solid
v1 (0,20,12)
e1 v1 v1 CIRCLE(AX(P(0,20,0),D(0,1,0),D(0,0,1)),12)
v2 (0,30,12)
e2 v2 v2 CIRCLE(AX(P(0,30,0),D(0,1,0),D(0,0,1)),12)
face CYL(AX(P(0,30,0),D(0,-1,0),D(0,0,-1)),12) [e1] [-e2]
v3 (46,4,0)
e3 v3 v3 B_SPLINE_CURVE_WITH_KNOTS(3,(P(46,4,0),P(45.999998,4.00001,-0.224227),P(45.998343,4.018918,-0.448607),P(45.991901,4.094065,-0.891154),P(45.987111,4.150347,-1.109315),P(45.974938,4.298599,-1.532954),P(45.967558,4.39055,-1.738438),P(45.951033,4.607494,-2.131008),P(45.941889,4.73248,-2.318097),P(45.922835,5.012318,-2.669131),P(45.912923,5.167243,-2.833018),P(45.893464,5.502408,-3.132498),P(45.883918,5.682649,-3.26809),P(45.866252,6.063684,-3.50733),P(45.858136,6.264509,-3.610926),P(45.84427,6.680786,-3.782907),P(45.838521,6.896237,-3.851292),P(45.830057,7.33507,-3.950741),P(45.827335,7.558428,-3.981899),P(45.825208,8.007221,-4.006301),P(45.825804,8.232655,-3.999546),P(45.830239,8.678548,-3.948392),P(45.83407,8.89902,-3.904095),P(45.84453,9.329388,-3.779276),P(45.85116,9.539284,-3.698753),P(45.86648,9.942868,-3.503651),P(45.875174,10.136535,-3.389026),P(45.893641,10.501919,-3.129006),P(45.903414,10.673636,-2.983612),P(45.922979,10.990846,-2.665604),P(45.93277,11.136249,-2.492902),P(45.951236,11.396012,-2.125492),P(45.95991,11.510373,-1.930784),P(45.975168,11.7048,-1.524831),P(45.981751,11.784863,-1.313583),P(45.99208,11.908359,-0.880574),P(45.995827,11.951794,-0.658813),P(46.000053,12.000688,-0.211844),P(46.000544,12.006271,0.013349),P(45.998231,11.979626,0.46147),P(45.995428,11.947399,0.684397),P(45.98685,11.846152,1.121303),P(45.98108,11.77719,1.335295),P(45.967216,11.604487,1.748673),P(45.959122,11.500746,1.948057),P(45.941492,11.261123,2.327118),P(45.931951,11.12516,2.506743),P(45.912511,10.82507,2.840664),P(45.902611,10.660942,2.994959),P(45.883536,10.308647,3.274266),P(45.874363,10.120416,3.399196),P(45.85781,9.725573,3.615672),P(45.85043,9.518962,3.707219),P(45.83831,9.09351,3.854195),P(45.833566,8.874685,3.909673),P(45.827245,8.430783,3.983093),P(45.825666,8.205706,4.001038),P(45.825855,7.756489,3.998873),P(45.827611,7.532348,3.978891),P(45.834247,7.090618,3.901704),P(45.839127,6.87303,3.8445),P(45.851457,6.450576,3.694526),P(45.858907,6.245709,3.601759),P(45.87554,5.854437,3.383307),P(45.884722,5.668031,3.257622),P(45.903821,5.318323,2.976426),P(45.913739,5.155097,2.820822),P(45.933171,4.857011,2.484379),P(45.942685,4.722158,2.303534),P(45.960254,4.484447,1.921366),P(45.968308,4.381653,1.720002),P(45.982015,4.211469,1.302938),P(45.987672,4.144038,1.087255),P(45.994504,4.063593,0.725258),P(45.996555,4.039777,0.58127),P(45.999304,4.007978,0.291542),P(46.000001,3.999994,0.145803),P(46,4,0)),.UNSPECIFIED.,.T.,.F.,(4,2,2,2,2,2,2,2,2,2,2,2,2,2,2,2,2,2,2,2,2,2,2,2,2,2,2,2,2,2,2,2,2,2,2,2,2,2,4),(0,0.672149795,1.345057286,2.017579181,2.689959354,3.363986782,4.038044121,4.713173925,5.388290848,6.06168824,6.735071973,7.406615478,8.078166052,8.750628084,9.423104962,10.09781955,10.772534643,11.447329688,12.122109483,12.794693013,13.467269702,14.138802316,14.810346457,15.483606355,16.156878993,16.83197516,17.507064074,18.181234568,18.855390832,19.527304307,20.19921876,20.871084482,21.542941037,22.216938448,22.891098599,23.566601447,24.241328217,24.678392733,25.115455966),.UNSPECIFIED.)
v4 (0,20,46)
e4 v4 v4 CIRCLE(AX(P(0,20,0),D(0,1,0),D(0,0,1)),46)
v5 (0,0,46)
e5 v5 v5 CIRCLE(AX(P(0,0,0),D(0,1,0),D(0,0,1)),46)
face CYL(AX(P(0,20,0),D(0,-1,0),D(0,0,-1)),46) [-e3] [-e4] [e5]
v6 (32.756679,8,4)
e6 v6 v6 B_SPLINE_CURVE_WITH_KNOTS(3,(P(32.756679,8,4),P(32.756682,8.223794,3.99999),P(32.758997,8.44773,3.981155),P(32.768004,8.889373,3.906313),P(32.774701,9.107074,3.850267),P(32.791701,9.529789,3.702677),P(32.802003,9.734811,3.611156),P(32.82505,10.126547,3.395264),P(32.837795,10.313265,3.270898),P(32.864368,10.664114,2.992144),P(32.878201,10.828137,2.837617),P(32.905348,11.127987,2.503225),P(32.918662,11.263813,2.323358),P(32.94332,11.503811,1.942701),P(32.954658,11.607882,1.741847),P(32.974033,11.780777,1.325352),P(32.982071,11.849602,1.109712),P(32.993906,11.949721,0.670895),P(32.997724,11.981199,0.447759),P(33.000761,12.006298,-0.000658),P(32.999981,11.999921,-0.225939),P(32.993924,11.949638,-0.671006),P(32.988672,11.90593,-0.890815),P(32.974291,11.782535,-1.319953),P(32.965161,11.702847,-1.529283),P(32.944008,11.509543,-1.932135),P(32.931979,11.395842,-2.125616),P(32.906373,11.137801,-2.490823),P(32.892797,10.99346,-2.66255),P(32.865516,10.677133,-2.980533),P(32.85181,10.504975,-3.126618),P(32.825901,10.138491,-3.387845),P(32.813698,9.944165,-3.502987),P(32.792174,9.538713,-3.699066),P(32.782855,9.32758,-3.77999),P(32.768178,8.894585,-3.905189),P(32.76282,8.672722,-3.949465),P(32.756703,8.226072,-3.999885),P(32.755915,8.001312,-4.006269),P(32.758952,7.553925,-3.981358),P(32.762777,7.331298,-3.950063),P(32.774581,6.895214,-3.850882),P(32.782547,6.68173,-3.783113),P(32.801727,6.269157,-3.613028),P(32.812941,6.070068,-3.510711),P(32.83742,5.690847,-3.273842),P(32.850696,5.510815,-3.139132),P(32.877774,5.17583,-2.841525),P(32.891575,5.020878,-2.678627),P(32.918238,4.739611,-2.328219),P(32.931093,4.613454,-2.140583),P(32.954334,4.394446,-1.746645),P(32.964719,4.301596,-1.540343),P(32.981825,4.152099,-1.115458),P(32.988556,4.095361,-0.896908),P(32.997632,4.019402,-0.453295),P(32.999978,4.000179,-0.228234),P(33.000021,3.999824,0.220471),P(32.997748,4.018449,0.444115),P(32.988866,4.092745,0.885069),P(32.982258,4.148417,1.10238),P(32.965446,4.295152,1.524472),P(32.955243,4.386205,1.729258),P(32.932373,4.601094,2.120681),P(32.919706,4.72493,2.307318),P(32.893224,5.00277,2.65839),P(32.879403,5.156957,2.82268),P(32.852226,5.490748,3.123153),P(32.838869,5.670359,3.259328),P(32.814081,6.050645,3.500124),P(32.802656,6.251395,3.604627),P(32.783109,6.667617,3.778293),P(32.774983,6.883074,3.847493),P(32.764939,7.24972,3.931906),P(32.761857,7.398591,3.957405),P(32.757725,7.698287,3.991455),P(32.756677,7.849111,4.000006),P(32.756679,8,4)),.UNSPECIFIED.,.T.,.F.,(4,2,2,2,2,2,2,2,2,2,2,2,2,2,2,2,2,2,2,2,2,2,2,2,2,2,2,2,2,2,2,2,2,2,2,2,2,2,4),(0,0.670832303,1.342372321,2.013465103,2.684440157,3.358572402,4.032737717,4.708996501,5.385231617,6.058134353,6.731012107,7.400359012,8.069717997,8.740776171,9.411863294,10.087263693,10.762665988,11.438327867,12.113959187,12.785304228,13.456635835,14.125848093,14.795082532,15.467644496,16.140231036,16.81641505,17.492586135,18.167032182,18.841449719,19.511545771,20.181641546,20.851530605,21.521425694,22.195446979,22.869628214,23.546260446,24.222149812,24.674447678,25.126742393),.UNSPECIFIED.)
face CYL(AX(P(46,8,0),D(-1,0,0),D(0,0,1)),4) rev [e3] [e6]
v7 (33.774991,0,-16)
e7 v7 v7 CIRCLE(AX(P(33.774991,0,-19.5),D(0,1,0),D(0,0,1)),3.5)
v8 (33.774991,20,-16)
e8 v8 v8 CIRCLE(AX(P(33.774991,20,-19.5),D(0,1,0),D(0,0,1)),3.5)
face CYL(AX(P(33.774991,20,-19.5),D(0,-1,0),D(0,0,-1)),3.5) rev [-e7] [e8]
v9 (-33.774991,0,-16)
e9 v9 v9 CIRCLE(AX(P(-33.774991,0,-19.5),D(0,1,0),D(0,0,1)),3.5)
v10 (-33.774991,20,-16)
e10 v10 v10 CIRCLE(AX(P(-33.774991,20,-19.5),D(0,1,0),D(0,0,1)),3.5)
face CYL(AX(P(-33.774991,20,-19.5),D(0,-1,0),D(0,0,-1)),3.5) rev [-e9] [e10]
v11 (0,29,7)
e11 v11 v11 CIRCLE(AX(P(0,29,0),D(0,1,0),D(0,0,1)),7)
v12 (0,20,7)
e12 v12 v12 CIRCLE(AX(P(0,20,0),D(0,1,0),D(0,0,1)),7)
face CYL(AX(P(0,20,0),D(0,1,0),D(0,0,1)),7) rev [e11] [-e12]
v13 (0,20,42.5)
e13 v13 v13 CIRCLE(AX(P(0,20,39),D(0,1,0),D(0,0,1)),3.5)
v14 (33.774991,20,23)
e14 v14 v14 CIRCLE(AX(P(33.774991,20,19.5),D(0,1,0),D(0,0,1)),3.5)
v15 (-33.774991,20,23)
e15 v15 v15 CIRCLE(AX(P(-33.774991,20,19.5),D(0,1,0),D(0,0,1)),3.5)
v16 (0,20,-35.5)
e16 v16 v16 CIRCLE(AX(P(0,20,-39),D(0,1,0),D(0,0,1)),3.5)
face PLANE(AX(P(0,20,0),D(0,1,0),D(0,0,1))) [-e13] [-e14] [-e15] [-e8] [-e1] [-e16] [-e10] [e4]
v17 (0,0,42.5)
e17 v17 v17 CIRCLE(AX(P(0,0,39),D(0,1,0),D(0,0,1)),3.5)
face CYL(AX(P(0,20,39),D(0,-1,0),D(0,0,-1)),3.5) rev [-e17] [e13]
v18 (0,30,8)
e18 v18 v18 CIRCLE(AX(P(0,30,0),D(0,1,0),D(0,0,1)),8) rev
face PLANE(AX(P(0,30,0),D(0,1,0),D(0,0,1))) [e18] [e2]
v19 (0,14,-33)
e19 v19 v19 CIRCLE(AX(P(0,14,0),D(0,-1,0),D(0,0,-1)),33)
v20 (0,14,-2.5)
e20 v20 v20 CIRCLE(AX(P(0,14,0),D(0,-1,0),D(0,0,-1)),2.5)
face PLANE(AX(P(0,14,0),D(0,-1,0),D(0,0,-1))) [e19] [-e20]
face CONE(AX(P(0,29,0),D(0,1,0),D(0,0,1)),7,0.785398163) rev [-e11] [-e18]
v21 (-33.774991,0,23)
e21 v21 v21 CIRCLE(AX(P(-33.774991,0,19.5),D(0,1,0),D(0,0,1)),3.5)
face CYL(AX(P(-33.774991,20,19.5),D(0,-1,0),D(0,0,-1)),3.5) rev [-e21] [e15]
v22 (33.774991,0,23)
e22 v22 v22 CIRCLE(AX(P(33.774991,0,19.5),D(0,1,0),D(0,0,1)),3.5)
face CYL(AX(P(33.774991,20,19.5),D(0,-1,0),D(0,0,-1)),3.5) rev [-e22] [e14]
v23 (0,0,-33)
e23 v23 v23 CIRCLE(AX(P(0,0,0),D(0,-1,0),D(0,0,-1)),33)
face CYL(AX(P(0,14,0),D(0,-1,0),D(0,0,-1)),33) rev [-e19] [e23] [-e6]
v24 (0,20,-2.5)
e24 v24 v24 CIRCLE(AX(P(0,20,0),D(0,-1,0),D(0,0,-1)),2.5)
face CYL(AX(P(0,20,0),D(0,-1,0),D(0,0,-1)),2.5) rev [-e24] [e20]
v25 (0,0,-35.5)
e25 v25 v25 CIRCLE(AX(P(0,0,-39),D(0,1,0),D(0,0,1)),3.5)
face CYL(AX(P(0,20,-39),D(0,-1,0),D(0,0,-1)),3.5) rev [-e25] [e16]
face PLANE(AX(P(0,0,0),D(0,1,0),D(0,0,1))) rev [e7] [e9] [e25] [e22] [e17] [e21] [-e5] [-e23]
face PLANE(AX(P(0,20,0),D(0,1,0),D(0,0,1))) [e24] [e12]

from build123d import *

# Parameters (mm, degrees)
SKETCH1_R           = 46
SKETCH1_R_2         = 3.5
BOSS_EXTRUDE1_DEPTH = 20
SKETCH2_R           = 12
BOSS_EXTRUDE2_DEPTH = 10
SKETCH3_R           = 33
CUT_EXTRUDE1_DEPTH  = 14
SKETCH4_R           = 2.5
CUT_EXTRUDE2_DEPTH  = 6
SKETCH5_R           = 7
CUT_EXTRUDE3_DEPTH  = 10
CHAMFER2_SIZE       = 1
SKETCH6_R           = 4
CUT_EXTRUDE4_DEPTH  = 72.637978754


with BuildPart() as part:
    # Sketch1 → Boss-Extrude1 (new body)
    with BuildSketch(Plane(origin=(0, 0, 0), x_dir=(1, 0, 0), z_dir=(0, 1, 0))):
        with Locations(Location((0, 0, 0), (0, 0, 270))):
            Circle(SKETCH1_R)
        with Locations(Location((0, 39, 0), (0, 0, 270))):
            Circle(SKETCH1_R_2, mode=Mode.SUBTRACT)
        with Locations(Location((33.774990748, 19.5, 0), (0, 0, 270))):
            Circle(SKETCH1_R_2, mode=Mode.SUBTRACT)
        with Locations(Location((33.774990748, -19.5, 0), (0, 0, 270))):
            Circle(SKETCH1_R_2, mode=Mode.SUBTRACT)
        with Locations(Location((0, -39, 0), (0, 0, 270))):
            Circle(SKETCH1_R_2, mode=Mode.SUBTRACT)
        with Locations(Location((-33.774990748, -19.5, 0), (0, 0, 270))):
            Circle(SKETCH1_R_2, mode=Mode.SUBTRACT)
        with Locations(Location((-33.774990748, 19.5, 0), (0, 0, 270))):
            Circle(SKETCH1_R_2, mode=Mode.SUBTRACT)
    extrude(amount=BOSS_EXTRUDE1_DEPTH)

    # Sketch2 → Boss-Extrude2 (add)
    with BuildSketch(Plane(origin=(0, 20, 0), x_dir=(1, 0, 0), z_dir=(0, 1, 0))):
        with Locations(Location((0, 0, 0), (0, 0, 270))):
            Circle(SKETCH2_R)
    extrude(amount=BOSS_EXTRUDE2_DEPTH)

    # Sketch3 → Cut-Extrude1 (cut)
    with BuildSketch(Plane.XZ):
        with Locations(Location((0, 0, 0), (0, 0, 270))):
            Circle(SKETCH3_R)
    extrude(amount=-CUT_EXTRUDE1_DEPTH, mode=Mode.SUBTRACT)

    # Sketch4 → Cut-Extrude2 (cut)
    with BuildSketch(Plane.XZ.offset(-14)):
        with Locations(Location((0, 0, 0), (0, 0, 270))):
            Circle(SKETCH4_R)
    extrude(amount=-CUT_EXTRUDE2_DEPTH, mode=Mode.SUBTRACT)

    # Sketch5 → Cut-Extrude3 (cut)
    with BuildSketch(Plane(origin=(0, 30, 0), x_dir=(1, 0, 0), z_dir=(0, 1, 0))):
        with Locations(Location((0, 0, 0), (0, 0, 270))):
            Circle(SKETCH5_R)
    extrude(amount=-CUT_EXTRUDE3_DEPTH, mode=Mode.SUBTRACT)

    # Chamfer2
    chamfer2_edges = [part.edges().sort_by_distance(p)[0] for p in [
        (0, 30, -7),
    ]]
    chamfer(chamfer2_edges, length=CHAMFER2_SIZE)

    # Sketch6 → Cut-Extrude4 (cut, through all)
    with BuildSketch(Plane(origin=(0, 0, 0), x_dir=(0, 0, -1), z_dir=(1, 0, 0))):
        with Locations(Location((0, 8, 0), (0, 0, 180))):
            Circle(SKETCH6_R)
    extrude(amount=CUT_EXTRUDE4_DEPTH, mode=Mode.SUBTRACT)


solid = part.part
